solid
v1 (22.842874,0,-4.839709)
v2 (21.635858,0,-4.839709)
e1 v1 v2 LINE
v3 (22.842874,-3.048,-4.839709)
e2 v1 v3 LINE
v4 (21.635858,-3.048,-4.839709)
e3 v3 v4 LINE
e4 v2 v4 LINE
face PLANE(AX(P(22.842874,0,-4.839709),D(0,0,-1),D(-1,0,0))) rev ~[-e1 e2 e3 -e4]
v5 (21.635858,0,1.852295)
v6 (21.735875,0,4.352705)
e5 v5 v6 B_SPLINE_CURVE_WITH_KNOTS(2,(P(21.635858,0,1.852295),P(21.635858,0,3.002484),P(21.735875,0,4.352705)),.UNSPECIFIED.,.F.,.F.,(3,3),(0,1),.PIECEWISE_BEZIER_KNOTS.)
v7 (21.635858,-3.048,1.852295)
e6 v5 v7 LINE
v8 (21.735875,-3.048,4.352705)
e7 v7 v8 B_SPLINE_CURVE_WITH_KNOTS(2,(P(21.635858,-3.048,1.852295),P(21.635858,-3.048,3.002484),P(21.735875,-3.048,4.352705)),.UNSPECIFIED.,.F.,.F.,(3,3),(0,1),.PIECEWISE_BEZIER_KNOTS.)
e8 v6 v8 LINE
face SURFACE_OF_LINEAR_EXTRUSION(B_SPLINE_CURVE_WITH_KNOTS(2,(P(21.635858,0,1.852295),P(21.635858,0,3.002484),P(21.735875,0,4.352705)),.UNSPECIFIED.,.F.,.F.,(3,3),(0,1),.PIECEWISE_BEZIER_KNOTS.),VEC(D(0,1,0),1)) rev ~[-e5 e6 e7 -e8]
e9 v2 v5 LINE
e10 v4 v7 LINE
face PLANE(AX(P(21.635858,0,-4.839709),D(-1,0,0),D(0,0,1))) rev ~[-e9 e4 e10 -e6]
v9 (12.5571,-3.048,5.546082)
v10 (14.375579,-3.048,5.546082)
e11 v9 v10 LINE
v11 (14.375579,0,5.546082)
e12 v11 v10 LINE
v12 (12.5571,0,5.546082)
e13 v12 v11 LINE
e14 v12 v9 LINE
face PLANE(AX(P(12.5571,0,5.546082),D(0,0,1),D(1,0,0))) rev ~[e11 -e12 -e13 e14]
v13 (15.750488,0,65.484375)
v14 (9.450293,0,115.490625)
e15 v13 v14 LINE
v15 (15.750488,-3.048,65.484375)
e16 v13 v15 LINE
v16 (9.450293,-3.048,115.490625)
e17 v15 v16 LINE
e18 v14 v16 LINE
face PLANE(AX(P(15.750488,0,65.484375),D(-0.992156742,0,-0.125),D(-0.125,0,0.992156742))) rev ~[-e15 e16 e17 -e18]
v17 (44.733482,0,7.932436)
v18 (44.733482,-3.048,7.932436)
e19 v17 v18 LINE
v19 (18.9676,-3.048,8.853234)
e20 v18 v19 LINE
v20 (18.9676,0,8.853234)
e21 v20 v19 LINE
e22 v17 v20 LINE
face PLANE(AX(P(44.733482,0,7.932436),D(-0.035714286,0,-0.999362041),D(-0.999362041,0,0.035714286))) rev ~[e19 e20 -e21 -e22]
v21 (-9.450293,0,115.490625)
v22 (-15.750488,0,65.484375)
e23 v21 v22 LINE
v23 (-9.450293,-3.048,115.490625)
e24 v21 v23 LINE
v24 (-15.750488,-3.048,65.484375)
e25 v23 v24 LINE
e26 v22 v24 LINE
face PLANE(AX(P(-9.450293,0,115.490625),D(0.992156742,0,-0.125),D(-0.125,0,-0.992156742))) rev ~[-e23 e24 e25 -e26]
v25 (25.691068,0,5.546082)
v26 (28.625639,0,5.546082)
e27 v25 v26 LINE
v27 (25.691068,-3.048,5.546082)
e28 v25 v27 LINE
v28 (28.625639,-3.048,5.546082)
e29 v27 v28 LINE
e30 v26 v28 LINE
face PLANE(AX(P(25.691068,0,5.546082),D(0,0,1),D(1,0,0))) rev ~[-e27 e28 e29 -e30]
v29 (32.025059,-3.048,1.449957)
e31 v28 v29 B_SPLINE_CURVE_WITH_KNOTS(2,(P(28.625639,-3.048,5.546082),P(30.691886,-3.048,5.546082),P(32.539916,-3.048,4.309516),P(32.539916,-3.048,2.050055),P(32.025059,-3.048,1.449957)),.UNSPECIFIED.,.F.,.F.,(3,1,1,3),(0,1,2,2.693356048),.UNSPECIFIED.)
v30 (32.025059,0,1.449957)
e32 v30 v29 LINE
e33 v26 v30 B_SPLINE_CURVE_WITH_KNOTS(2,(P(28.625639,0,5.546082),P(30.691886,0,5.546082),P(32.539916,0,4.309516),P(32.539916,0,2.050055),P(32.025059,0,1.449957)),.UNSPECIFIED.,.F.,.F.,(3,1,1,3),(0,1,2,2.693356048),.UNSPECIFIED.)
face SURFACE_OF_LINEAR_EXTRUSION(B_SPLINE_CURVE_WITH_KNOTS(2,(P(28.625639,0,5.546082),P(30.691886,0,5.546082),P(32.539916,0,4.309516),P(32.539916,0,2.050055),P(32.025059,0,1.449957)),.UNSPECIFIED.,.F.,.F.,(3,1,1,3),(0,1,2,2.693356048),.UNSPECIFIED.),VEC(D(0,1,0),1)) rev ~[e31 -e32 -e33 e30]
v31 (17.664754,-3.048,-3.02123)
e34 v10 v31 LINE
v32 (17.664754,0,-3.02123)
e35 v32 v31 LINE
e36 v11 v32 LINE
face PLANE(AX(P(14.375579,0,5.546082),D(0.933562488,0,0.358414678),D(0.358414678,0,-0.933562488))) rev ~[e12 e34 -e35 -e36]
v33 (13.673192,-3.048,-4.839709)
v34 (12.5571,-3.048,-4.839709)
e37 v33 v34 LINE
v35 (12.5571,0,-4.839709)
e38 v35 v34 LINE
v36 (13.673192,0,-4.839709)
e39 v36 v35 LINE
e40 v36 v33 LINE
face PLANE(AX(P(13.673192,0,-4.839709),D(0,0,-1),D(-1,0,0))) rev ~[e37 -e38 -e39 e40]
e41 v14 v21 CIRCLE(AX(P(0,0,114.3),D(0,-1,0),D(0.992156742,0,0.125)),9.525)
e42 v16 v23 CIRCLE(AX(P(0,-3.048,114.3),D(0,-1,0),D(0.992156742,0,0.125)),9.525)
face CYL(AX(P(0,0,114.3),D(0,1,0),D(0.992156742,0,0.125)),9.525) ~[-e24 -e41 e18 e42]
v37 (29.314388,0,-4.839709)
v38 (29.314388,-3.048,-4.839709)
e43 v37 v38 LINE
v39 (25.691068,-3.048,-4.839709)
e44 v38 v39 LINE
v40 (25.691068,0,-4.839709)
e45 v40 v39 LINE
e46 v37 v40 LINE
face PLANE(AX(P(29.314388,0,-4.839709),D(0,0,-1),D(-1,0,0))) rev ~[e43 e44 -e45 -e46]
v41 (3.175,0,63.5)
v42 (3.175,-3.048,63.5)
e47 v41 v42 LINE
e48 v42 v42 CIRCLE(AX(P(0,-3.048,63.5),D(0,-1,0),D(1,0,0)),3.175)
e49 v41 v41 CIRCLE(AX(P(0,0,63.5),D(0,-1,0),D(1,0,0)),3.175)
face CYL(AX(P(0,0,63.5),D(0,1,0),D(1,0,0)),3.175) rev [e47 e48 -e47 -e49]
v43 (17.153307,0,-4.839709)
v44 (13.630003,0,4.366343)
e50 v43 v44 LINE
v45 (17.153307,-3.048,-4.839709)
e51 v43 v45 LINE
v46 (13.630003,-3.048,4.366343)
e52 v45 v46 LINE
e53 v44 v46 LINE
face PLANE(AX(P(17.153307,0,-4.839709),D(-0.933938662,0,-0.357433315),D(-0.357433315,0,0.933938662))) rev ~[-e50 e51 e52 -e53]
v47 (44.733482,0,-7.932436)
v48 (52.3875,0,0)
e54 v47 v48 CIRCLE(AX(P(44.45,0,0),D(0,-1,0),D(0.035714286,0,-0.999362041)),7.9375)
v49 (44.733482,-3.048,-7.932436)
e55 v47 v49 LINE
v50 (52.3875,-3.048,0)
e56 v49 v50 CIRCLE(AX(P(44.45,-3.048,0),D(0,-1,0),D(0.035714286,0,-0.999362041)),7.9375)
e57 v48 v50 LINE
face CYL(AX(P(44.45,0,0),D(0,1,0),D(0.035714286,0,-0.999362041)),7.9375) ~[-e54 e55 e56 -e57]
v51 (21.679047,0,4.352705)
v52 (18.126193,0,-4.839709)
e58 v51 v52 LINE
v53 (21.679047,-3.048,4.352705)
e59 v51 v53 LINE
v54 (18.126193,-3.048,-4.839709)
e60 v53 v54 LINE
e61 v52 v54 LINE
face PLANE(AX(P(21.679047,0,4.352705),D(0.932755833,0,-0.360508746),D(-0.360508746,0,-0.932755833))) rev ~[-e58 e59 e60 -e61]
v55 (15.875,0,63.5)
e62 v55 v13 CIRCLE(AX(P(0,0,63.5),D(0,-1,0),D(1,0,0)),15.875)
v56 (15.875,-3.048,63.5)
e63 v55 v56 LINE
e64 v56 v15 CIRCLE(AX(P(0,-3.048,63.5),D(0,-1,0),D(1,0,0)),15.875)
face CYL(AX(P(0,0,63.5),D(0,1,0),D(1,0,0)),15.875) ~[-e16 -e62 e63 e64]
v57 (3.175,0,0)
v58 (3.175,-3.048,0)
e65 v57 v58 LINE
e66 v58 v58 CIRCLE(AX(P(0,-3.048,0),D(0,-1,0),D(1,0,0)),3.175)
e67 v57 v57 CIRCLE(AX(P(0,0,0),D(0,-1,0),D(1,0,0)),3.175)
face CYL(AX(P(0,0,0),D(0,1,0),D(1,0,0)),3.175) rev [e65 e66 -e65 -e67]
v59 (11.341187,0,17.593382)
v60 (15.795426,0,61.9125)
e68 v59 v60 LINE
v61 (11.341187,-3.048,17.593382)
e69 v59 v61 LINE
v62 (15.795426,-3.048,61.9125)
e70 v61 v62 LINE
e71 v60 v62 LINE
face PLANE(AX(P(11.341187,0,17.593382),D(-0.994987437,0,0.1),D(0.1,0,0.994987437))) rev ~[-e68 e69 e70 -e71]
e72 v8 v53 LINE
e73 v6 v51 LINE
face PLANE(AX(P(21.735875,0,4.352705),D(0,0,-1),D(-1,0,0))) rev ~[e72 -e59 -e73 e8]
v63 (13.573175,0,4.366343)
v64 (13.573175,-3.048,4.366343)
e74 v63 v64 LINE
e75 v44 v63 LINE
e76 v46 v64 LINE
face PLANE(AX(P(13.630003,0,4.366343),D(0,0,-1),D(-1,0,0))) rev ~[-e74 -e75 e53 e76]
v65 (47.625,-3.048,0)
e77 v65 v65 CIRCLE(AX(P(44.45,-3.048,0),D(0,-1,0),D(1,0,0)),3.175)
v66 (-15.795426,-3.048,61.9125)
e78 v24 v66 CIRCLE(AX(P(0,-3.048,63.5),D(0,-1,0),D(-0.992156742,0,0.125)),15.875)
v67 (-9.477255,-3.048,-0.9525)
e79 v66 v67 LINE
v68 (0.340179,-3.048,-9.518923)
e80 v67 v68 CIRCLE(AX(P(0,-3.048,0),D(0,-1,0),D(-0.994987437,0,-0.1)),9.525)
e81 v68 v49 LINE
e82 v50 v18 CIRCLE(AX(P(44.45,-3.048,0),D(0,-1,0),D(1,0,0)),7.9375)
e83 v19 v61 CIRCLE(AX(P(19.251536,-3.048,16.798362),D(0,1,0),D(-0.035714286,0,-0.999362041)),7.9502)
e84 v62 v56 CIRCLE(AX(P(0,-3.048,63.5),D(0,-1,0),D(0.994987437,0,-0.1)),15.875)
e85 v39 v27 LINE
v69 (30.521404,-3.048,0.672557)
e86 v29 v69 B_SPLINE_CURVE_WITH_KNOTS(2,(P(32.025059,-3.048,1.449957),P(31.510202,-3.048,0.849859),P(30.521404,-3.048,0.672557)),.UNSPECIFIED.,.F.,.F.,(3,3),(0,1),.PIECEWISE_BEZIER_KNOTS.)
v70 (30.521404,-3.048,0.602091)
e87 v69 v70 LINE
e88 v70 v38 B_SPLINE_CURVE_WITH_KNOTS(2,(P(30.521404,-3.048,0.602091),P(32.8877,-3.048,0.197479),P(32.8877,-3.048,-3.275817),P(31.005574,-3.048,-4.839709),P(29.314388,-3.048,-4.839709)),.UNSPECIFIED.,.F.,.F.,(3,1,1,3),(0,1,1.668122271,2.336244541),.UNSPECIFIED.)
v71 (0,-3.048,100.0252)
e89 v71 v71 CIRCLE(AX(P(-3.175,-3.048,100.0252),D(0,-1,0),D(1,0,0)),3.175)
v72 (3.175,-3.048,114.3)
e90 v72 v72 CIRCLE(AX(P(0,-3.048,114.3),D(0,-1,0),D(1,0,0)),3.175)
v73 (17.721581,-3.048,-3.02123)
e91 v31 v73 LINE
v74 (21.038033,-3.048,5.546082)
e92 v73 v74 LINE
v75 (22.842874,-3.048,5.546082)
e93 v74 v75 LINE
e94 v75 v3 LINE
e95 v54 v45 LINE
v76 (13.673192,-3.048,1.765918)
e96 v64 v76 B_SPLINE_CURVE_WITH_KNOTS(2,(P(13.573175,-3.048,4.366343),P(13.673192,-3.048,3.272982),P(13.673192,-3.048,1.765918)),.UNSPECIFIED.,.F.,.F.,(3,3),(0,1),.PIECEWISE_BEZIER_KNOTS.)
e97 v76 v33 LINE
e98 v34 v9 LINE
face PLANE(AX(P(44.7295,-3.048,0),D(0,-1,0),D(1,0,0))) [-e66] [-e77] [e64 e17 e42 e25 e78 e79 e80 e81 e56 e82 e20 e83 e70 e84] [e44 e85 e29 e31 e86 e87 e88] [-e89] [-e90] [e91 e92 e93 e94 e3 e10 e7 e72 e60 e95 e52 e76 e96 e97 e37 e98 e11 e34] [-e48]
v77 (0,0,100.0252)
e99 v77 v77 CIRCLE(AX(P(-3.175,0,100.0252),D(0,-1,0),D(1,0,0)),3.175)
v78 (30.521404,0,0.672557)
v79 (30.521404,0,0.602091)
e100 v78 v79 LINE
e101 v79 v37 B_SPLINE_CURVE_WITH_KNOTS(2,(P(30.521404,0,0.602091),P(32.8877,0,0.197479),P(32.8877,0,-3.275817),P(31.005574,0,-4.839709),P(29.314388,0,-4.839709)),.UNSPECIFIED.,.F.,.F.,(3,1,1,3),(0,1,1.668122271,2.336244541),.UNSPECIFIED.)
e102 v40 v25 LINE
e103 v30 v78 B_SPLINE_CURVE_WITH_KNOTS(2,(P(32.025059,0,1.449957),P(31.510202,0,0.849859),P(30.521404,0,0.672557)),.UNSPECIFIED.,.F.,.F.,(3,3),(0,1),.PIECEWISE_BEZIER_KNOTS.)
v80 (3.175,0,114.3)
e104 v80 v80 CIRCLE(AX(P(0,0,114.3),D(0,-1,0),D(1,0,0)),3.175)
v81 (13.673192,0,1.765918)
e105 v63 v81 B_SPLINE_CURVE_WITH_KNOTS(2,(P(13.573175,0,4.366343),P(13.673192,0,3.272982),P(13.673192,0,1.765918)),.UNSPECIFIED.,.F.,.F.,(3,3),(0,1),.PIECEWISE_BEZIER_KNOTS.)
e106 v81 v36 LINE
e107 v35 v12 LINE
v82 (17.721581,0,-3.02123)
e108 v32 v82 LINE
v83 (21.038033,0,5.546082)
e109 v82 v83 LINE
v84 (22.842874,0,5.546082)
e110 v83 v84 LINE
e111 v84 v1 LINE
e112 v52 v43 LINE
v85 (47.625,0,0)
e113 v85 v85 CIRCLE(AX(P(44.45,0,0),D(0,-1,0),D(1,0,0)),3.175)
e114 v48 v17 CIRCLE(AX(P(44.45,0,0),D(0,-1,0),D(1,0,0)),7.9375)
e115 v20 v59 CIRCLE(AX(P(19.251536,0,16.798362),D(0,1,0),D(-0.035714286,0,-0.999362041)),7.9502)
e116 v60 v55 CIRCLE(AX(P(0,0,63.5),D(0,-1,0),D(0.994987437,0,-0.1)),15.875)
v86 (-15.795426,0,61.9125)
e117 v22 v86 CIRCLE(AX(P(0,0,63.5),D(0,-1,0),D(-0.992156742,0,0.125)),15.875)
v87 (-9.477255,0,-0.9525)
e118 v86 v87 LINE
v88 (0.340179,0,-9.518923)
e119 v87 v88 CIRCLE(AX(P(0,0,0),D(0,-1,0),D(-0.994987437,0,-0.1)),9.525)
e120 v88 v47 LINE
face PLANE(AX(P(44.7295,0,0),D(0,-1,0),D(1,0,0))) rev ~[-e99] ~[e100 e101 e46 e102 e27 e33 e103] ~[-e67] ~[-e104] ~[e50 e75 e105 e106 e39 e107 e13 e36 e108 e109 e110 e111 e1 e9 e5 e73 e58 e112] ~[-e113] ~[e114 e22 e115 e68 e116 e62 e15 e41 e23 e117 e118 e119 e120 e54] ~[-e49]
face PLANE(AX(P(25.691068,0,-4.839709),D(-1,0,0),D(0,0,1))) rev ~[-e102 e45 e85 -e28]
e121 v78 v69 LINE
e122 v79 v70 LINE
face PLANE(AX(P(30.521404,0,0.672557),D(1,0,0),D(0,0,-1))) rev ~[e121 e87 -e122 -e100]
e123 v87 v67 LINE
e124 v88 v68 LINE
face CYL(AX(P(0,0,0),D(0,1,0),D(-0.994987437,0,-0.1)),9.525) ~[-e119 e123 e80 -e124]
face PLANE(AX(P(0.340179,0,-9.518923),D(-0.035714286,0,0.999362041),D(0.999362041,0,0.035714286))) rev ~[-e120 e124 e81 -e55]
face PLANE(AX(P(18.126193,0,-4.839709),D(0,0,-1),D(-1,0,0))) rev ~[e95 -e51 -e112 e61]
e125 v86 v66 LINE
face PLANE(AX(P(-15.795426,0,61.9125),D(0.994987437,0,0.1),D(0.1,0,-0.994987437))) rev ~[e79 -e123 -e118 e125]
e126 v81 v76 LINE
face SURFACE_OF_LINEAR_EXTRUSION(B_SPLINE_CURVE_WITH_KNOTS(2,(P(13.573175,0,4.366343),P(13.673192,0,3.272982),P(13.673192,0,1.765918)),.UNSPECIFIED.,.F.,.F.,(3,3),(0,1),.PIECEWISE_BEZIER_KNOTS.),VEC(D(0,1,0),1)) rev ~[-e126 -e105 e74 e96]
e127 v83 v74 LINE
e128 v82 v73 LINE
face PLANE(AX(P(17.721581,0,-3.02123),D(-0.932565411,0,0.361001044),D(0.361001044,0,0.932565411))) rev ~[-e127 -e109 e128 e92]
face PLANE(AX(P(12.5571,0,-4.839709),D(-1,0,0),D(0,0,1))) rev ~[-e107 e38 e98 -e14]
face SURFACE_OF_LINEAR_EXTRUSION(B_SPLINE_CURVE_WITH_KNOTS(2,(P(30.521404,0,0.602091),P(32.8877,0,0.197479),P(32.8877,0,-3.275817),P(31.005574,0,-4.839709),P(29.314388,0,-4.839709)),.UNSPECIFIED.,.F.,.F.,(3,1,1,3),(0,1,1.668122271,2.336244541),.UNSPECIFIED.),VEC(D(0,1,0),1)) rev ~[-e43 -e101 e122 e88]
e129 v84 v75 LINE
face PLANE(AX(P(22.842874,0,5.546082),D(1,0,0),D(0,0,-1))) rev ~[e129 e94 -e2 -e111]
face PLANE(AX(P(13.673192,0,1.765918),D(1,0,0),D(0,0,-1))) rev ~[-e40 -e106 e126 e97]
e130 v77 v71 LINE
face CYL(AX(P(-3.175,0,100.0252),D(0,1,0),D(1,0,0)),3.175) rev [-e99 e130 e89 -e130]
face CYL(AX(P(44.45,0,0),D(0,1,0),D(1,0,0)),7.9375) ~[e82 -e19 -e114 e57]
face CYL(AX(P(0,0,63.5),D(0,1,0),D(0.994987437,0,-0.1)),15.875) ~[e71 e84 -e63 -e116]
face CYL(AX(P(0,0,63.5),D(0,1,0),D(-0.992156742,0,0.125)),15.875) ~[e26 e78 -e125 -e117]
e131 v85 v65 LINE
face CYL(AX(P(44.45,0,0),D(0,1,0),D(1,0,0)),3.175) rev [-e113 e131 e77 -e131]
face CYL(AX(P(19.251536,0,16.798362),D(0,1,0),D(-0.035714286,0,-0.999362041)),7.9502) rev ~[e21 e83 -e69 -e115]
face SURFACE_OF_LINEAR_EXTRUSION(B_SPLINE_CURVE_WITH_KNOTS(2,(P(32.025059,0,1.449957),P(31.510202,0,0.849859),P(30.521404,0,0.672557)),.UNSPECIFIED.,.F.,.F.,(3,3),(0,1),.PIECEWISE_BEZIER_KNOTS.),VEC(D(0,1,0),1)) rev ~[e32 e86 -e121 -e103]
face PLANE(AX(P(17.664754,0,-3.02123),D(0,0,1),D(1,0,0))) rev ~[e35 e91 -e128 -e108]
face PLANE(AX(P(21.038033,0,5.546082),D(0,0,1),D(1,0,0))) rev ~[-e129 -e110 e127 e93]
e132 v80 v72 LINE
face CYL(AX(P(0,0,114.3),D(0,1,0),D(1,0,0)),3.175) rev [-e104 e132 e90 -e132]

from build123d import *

# Parameters (mm, degrees)
F0_R     = 3.175
F1_DEPTH = 3.048


with BuildPart() as f1:
    # F0 (on Front) → F1 (new body)
    with BuildSketch(Plane.XZ):
        with BuildLine():
            ThreePointArc((44.7334821429, -7.9324362036), (50.1620069047, -5.5115227815), (52.3875, 0))
            ThreePointArc((52.3875, 0), (50.1620069047, 5.5115227815), (44.7334821429, 7.9324362036))
            ThreePointArc((44.7334821429, 7.9324362036), (36.5125, 0), (44.7334821429, -7.9324362036))
        make_face()
        with Locations((44.45, 0)):
            Circle(F0_R, mode=Mode.SUBTRACT)
        with BuildLine():
            ThreePointArc((-9.4772553384, -0.9525), (-6.2623833816, -7.1769199091), (0.3401785714, -9.5189234444))
            ThreePointArc((0.3401785714, -9.5189234444), (6.8544082857, -6.6138273378), (9.525, 0))
            ThreePointArc((9.525, 0), (-0.4768479324, 9.5130563464), (-9.4772553384, -0.9525))
        make_face()
        Circle(F0_R, mode=Mode.SUBTRACT)
        with BuildLine():
            ThreePointArc((9.4502929642, 115.490625), (0, 123.825), (-9.4502929642, 115.490625))
            ThreePointArc((-9.4502929642, 115.490625), (-0.596483242, 104.7936951058), (9.525, 114.3))
            ThreePointArc((9.525, 114.3), (9.5063048942, 114.896483242), (9.4502929642, 115.490625))
        make_face()
        with Locations((0, 114.3)):
            Circle(F0_R, mode=Mode.SUBTRACT)
        with BuildLine():
            Line((-9.4502929642, 115.490625), (-15.7504882737, 65.484375))
            ThreePointArc((-15.7504882737, 65.484375), (0, 79.375), (15.7504882737, 65.484375))
            Line((15.7504882737, 65.484375), (9.4502929642, 115.490625))
            ThreePointArc((9.4502929642, 115.490625), (9.5063048942, 114.896483242), (9.525, 114.3))
            ThreePointArc((9.525, 114.3), (-0.596483242, 104.7936951058), (-9.4502929642, 115.490625))
        make_face()
        with Locations((-3.175, 100.0252)):
            Circle(F0_R, mode=Mode.SUBTRACT)
        with BuildLine():
            ThreePointArc((-15.7954255641, 61.9125), (0, 47.625), (15.7954255641, 61.9125))
            ThreePointArc((15.7954255641, 61.9125), (15.8550939106, 62.7052534459), (15.875, 63.5))
            ThreePointArc((15.875, 63.5), (15.8438414904, 64.4941387366), (15.7504882737, 65.484375))
            ThreePointArc((15.7504882737, 65.484375), (0, 79.375), (-15.7504882737, 65.484375))
            ThreePointArc((-15.7504882737, 65.484375), (-15.8737438155, 63.6997054867), (-15.7954255641, 61.9125))
        make_face()
        with Locations((0, 63.5)):
            Circle(F0_R, mode=Mode.SUBTRACT)
        with BuildLine():
            ThreePointArc((44.7334821429, -7.9324362036), (36.5125, 0), (44.7334821429, 7.9324362036))
            Line((44.7334821429, 7.9324362036), (18.9676000005, 8.8532337108))
            ThreePointArc((18.9676000005, 8.8532337108), (13.2611998974, 11.5713591498), (11.3411865923, 17.5933818124))
            Line((11.3411865923, 17.5933818124), (15.7954255641, 61.9125))
            ThreePointArc((15.7954255641, 61.9125), (0, 47.625), (-15.7954255641, 61.9125))
            Line((-15.7954255641, 61.9125), (-9.4772553384, -0.9525))
            ThreePointArc((-9.4772553384, -0.9525), (-0.4768479324, 9.5130563464), (9.525, 0))
            ThreePointArc((9.525, 0), (6.8544082857, -6.6138273378), (0.3401785714, -9.5189234444))
            Line((0.3401785714, -9.5189234444), (44.7334821429, -7.9324362036))
        make_face()
        with BuildLine():
            Line((18.1261931211, -4.8397090286), (17.1533066209, -4.8397090286))
            Line((17.1533066209, -4.8397090286), (13.6300027063, 4.3663431352))
            Line((13.6300027063, 4.3663431352), (13.5731752238, 4.3663431352))
            add(Edge.make_bspline(
                [(13.5731752238, 4.3663431352), (13.673191593, 3.272982372), (13.673191593, 1.7659175363)],
                knots=[0, 0, 0, 1, 1, 1], degree=2))
            Line((13.673191593, 1.7659175363), (13.673191593, -4.8397090286))
            Line((13.673191593, -4.8397090286), (12.5570998369, -4.8397090286))
            Line((12.5570998369, -4.8397090286), (12.5570998369, 5.5460816717))
            Line((12.5570998369, 5.5460816717), (14.3755792766, 5.5460816717))
            Line((14.3755792766, 5.5460816717), (17.6647539633, -3.0212295888))
            Line((17.6647539633, -3.0212295888), (17.7215814458, -3.0212295888))
            Line((17.7215814458, -3.0212295888), (21.0380333241, 5.5460816717))
            Line((21.0380333241, 5.5460816717), (22.842874168, 5.5460816717))
            Line((22.842874168, 5.5460816717), (22.842874168, -4.8397090286))
            Line((22.842874168, -4.8397090286), (21.6358584399, -4.8397090286))
            Line((21.6358584399, -4.8397090286), (21.6358584399, 1.8522953097))
            add(Edge.make_bspline(
                [(21.6358584399, 1.8522953097), (21.6358584399, 3.0024835554), (21.7358748091, 4.3527045394)],
                knots=[0, 0, 0, 1, 1, 1], degree=2))
            Line((21.7358748091, 4.3527045394), (21.6790473266, 4.3527045394))
            Line((21.6790473266, 4.3527045394), (18.1261931211, -4.8397090286))
        make_face(mode=Mode.SUBTRACT)
        with BuildLine():
            Line((25.6910675905, -4.8397090286), (25.6910675905, 5.5460816717))
            Line((25.6910675905, 5.5460816717), (28.6256387865, 5.5460816717))
            add(Edge.make_bspline(
                [(28.6256387865, 5.5460816717), (30.6918860499, 5.5460816717), (31.6159009152, 4.9277986622)],
                knots=[0, 0, 0, 1, 1, 1], degree=2))
            add(Edge.make_bspline(
                [(31.6159009152, 4.9277986622), (32.5399157805, 4.3095156527), (32.5399157805, 2.9752063638)],
                knots=[0, 0, 0, 1, 1, 1], degree=2))
            add(Edge.make_bspline(
                [(32.5399157805, 2.9752063638), (32.5399157805, 2.0500549488), (32.0250587892, 1.4499567337)],
                knots=[0, 0, 0, 1, 1, 1], degree=2))
            add(Edge.make_bspline(
                [(32.0250587892, 1.4499567337), (31.5102017978, 0.8498585186), (30.5214036024, 0.6725567732)],
                knots=[0, 0, 0, 1, 1, 1], degree=2))
            Line((30.5214036024, 0.6725567732), (30.5214036024, 0.6020906949))
            add(Edge.make_bspline(
                [(30.5214036024, 0.6020906949), (32.8876999734, 0.1974790195), (32.8876999734, -1.884679939)],
                knots=[0, 0, 0, 1, 1, 1], degree=2))
            add(Edge.make_bspline(
                [(32.8876999734, -1.884679939), (32.8876999734, -3.2758167104), (31.9466368633, -4.0577628695)],
                knots=[0, 0, 0, 1, 1, 1], degree=2))
            add(Edge.make_bspline(
                [(31.9466368633, -4.0577628695), (31.0055737532, -4.8397090286), (29.3143878743, -4.8397090286)],
                knots=[0, 0, 0, 1, 1, 1], degree=2))
            Line((29.3143878743, -4.8397090286), (25.6910675905, -4.8397090286))
        make_face(mode=Mode.SUBTRACT)
    extrude(amount=F1_DEPTH)


solid = f1.part
